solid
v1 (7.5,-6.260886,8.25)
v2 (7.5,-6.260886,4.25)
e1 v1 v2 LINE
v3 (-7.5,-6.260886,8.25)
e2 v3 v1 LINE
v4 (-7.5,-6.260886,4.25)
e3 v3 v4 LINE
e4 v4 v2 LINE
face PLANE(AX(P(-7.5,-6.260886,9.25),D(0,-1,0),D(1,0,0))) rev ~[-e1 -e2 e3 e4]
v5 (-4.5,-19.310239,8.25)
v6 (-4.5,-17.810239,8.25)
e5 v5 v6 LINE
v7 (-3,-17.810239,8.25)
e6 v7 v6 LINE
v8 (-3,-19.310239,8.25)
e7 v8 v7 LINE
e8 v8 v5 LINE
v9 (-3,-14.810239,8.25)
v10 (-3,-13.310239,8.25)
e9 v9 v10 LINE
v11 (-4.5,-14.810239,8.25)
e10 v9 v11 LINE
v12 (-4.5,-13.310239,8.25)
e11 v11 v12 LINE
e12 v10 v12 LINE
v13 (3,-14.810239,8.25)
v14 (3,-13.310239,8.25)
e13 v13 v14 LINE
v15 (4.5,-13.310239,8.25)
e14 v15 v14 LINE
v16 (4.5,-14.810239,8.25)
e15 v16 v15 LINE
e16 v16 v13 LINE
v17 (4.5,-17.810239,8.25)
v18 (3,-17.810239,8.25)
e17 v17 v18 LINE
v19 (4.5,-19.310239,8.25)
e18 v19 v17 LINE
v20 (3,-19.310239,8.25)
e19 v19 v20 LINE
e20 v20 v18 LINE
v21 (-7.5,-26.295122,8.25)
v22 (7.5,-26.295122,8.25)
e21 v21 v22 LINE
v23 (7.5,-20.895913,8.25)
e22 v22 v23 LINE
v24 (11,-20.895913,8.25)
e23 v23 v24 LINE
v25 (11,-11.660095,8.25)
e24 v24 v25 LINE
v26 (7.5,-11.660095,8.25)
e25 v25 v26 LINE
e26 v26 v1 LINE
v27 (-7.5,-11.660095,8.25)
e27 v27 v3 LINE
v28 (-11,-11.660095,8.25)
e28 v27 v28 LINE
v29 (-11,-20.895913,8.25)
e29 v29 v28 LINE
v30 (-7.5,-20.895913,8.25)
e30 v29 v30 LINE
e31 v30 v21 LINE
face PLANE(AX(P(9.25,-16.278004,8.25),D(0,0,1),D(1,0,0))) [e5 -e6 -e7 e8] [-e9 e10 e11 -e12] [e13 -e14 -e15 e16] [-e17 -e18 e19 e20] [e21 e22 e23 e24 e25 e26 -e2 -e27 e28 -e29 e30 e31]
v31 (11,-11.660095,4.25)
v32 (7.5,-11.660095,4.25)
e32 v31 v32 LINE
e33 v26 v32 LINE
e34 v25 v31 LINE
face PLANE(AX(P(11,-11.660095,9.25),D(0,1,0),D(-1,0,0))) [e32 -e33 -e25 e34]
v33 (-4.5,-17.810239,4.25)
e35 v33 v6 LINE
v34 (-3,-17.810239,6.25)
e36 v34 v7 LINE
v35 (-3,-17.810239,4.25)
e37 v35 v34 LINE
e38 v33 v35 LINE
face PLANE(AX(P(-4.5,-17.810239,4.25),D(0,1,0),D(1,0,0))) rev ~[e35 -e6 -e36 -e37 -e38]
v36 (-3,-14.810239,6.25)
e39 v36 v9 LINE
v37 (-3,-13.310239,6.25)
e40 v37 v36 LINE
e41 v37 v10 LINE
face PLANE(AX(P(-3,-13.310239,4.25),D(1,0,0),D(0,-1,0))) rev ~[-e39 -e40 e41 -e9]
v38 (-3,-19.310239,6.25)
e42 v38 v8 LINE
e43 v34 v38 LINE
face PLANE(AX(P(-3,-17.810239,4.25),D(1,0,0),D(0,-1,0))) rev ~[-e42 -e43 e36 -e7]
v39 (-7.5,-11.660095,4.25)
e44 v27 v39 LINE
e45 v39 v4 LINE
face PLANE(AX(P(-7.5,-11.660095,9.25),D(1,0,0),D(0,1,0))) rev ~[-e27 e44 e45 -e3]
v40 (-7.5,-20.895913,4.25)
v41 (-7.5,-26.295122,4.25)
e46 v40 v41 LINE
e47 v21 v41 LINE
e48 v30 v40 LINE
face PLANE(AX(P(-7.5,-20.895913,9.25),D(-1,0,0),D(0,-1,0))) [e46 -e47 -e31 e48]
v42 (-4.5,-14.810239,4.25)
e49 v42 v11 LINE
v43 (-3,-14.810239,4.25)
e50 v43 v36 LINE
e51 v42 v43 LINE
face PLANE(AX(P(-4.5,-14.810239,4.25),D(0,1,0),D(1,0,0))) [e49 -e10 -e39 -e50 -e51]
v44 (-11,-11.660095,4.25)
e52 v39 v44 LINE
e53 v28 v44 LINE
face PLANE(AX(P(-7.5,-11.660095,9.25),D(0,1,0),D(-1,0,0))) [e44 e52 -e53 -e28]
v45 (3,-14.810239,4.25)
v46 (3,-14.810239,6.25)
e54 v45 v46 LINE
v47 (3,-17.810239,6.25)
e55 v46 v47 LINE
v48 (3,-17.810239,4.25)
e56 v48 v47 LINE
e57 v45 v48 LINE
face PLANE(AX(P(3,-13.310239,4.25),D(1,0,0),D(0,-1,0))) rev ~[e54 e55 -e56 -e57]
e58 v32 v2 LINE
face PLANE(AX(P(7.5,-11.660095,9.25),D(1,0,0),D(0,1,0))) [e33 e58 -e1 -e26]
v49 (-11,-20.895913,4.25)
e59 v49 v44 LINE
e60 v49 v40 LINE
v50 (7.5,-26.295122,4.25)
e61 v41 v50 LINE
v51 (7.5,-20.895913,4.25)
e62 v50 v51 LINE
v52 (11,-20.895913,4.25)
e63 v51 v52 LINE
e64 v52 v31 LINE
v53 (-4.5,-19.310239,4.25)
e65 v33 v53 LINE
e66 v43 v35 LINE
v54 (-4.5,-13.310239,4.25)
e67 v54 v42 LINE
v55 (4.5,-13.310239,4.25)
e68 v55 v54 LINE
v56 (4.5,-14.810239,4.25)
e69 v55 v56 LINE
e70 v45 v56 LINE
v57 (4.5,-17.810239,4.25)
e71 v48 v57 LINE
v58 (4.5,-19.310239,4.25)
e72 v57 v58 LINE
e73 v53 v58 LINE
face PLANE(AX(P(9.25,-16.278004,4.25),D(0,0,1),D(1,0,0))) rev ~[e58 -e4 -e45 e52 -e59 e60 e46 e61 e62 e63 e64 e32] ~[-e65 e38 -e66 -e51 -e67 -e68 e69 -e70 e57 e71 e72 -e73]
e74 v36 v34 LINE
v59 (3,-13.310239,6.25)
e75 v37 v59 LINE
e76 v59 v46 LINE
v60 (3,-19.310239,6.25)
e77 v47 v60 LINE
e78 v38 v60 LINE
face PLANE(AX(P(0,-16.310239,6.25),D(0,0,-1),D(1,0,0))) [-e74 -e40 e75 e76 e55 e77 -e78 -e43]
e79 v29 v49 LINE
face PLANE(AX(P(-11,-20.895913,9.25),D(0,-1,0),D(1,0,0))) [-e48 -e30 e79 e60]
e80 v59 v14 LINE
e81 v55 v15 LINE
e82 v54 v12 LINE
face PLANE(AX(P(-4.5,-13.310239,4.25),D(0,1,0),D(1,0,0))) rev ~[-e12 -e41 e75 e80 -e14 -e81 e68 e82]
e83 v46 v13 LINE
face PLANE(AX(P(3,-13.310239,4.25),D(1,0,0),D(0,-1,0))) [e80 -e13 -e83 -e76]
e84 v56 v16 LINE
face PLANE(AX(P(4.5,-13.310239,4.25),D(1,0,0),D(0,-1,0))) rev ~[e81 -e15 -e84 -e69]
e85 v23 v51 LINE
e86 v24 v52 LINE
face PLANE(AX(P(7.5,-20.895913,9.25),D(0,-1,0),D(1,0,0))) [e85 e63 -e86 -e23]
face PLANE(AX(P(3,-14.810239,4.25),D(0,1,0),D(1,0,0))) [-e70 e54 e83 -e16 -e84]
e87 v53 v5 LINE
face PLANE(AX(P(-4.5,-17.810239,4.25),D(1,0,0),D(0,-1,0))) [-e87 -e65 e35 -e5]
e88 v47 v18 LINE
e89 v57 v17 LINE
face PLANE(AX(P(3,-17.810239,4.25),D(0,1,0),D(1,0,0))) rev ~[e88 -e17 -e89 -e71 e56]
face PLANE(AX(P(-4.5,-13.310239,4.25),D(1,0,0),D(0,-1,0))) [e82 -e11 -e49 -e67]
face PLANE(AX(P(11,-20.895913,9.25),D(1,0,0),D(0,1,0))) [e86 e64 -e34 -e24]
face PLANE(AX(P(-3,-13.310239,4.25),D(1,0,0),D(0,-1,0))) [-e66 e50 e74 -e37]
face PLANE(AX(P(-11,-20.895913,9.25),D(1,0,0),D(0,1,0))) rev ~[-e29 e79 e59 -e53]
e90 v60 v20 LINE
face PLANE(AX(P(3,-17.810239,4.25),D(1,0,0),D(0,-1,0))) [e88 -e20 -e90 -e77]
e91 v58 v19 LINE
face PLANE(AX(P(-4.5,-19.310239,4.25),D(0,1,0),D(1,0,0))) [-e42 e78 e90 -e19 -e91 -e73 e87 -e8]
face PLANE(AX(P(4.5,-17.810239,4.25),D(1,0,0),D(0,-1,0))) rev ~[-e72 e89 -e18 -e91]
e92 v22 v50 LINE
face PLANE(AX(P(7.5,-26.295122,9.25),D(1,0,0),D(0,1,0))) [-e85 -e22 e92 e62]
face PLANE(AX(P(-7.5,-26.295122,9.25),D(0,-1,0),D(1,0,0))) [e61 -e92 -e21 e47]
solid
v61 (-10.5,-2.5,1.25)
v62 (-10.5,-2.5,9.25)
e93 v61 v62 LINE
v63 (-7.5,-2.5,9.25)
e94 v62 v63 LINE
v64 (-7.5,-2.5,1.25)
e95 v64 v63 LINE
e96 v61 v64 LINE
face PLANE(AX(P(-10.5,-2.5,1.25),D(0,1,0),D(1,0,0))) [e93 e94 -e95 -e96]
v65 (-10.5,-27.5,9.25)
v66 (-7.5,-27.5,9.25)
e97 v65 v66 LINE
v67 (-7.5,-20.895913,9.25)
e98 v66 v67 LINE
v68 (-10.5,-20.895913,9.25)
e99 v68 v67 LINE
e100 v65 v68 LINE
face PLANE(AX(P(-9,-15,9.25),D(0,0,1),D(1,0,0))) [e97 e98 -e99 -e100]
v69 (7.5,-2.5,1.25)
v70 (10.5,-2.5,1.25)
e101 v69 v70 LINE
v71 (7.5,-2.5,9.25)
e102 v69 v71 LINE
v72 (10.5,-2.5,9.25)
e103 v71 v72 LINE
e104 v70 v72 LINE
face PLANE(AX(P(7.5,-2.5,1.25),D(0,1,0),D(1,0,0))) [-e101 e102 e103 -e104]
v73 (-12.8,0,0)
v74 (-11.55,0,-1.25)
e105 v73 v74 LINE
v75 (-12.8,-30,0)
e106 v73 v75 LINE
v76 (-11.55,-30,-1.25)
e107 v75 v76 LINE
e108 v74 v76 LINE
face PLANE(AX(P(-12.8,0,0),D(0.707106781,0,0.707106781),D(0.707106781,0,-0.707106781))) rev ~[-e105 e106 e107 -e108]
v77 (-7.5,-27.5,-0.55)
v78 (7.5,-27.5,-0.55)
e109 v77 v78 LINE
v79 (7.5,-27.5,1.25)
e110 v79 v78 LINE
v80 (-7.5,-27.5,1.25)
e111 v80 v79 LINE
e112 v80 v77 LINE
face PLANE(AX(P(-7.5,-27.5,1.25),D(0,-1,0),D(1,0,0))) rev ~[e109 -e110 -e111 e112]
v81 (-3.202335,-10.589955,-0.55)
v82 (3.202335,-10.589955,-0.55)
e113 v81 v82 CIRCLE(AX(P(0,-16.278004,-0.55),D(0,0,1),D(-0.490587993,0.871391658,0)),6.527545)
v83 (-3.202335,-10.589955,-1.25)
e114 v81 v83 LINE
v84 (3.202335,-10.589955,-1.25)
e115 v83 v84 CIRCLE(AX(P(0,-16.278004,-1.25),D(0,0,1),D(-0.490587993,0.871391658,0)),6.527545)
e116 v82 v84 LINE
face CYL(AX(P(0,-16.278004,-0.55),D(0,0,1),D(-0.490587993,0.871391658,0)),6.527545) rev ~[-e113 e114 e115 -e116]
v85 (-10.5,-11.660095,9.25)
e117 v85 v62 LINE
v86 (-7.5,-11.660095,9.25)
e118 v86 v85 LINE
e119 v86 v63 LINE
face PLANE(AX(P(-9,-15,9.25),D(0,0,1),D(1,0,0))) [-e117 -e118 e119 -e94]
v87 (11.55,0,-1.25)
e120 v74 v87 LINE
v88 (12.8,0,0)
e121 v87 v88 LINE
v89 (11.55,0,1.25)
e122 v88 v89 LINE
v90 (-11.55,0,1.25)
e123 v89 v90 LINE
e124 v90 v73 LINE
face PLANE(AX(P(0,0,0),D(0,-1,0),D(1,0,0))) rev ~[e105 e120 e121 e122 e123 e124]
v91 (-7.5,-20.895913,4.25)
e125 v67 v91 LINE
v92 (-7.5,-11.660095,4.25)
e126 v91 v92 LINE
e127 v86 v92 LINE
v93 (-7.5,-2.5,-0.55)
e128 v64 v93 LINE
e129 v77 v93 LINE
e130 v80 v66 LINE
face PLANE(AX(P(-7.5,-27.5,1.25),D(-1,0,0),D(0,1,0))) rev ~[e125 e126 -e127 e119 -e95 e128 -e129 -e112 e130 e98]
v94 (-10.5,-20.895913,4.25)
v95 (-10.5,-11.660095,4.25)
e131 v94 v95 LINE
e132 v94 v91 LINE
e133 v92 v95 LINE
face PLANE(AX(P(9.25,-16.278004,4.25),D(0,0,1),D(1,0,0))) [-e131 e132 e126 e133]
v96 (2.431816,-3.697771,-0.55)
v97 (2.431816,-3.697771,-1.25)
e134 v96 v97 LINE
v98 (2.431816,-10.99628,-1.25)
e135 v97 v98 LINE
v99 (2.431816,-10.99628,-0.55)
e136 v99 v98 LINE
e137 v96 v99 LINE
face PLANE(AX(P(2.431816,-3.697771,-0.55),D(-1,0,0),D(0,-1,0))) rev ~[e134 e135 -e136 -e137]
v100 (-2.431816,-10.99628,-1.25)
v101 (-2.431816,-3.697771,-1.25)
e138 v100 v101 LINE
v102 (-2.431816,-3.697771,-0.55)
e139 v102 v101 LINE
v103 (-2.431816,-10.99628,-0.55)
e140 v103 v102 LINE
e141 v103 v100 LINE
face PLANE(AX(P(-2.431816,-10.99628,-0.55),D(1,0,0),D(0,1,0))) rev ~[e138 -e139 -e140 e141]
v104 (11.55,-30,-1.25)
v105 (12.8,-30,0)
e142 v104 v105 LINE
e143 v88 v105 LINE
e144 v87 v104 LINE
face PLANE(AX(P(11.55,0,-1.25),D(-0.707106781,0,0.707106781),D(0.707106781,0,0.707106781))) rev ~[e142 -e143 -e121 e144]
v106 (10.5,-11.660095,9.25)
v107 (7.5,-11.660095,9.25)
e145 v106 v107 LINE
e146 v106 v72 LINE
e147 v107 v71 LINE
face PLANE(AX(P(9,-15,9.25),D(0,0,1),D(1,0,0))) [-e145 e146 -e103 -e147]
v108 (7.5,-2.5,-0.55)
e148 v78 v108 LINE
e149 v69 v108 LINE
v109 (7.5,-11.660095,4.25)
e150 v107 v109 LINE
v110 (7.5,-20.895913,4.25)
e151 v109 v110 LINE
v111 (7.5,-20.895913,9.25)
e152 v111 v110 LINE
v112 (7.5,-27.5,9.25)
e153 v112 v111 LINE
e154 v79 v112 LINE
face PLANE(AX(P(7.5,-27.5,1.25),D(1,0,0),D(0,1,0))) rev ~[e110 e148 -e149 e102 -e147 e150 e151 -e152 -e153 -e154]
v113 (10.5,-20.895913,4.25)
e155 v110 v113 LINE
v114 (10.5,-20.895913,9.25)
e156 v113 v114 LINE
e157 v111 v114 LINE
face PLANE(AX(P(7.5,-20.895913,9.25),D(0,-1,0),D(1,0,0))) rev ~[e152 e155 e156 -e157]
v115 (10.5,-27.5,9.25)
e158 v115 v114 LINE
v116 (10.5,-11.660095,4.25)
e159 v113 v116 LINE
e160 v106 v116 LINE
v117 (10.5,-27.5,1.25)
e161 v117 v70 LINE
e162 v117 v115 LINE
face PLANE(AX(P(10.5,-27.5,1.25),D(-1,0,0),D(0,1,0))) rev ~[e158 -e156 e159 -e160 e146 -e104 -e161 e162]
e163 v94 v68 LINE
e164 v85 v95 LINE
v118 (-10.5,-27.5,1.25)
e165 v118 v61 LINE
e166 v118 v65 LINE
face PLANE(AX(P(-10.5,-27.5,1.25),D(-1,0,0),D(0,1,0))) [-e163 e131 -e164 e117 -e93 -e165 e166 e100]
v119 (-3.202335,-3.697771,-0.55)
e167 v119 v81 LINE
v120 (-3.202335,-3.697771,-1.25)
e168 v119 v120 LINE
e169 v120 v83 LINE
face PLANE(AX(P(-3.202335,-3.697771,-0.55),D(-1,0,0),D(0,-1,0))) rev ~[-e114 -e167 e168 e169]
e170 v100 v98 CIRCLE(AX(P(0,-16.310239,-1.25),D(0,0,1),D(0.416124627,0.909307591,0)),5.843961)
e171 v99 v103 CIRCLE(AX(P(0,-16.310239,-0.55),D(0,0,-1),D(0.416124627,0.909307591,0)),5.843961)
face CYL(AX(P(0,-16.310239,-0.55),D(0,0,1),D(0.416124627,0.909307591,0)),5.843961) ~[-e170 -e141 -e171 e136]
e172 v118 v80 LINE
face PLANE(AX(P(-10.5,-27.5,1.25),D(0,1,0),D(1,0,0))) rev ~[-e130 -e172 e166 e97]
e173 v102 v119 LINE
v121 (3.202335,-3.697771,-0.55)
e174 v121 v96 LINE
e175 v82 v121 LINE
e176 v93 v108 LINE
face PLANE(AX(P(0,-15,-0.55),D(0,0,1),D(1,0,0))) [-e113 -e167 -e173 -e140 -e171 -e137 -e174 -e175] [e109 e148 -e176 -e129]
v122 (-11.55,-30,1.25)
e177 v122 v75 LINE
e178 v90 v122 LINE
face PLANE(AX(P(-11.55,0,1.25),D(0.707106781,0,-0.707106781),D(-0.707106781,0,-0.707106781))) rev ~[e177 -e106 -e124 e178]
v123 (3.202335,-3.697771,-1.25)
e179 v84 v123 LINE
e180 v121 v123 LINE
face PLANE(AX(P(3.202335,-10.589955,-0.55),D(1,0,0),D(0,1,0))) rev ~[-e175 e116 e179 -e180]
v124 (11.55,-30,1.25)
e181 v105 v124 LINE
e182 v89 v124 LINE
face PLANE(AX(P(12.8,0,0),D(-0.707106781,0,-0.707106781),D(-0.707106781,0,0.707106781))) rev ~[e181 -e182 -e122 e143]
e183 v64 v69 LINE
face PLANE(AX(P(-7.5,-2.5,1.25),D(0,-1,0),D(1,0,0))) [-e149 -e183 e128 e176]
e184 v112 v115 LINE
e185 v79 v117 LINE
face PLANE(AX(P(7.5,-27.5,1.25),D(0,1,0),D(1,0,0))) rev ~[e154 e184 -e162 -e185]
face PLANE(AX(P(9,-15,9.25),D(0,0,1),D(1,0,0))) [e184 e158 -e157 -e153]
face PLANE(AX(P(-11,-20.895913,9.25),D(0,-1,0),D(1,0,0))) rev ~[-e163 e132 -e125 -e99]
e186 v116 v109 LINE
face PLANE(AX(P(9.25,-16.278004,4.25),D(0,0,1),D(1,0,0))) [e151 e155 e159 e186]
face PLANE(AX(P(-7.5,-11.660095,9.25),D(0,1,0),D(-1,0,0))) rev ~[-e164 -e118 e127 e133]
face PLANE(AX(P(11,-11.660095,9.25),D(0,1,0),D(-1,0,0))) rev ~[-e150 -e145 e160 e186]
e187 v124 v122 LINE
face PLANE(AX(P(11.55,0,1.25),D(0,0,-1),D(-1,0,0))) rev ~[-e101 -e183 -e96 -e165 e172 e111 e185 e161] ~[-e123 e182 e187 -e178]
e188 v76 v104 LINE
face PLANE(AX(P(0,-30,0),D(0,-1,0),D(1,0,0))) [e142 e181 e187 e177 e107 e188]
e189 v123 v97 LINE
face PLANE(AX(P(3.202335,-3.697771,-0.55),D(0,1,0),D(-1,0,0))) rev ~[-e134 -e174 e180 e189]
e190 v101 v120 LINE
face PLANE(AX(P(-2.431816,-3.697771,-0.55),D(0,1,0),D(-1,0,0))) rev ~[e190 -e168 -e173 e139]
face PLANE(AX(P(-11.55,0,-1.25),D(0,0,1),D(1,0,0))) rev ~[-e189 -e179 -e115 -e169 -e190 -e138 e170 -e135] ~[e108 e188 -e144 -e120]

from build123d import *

# Parameters (mm, degrees)
F1_DEPTH  = 30
F2_W      = 15
F2_H      = 25
F3_DEPTH  = 1.8
F5_DEPTH  = 25
F6_W      = 3
F6_H      = 25
F7_DEPTH  = 8
F8_W      = 3.5
F8_H      = 9.235818446
F8_W_2    = 15
F8_H_2    = 5.3992085159
F9_DEPTH  = 5
F10_DEPTH = 5
F11_DEPTH = 1
F12_W     = 1.5
F12_H     = 1.5
F13_DEPTH = 25
F14_W     = 6
F14_H     = 6
F15_DEPTH = 2


with BuildPart() as f1:
    # F0 (on Front) → F1 (new body)
    with BuildSketch(Plane.XZ):
        Polygon((11.55, 1.25), (-11.55, 1.25), (-12.8, 0), (-11.55, -1.25), (11.55, -1.25), (12.8, 0), align=None)
    extrude(amount=F1_DEPTH)

    # F2 (on face) → F3 (cut)
    with BuildSketch(Plane.XY.offset(1.25)):
        with Locations((0, -15)):
            Rectangle(F2_W, F2_H)
    extrude(amount=-F3_DEPTH, mode=Mode.SUBTRACT)

    # F4 (on face) → F5 (cut)
    with BuildSketch(Plane.XY.offset(-0.55)):
        with BuildLine():
            Line((-3.2023354433, -3.6977706477), (-3.2023354433, -10.5899553333))
            ThreePointArc((-3.2023354433, -10.5899553333), (0, -22.8055495128), (3.2023354433, -10.5899553333))
            Line((3.2023354433, -10.5899553333), (3.2023354433, -3.6977706477))
            Line((3.2023354433, -3.6977706477), (2.4318161886, -3.6977706477))
            Line((2.4318161886, -3.6977706477), (2.4318161886, -10.996280238))
            ThreePointArc((2.4318161886, -10.996280238), (0, -22.1541997733), (-2.4318161886, -10.996280238))
            Line((-2.4318161886, -10.996280238), (-2.4318161886, -3.6977706477))
            Line((-2.4318161886, -3.6977706477), (-3.2023354433, -3.6977706477))
        make_face()
    extrude(amount=-F5_DEPTH, mode=Mode.SUBTRACT)

    # F6 (on face) → F7 (join)
    with BuildSketch(Plane.XY.offset(1.25)):
        with Locations((-9, -15)):
            Rectangle(F6_W, F6_H)
        with Locations((9, -15)):
            Rectangle(F6_W, F6_H)
    extrude(amount=F7_DEPTH)

    # F8 (on face) → F9 (cut)
    with BuildSketch(Plane.XY.offset(9.25)):
        with Locations((9.25, -16.2780040203)):
            Rectangle(F8_W, F8_H)
        with Locations((0, -23.5955175012)):
            Rectangle(F8_W_2, F8_H_2)
        with Locations((0, -16.2780040203)):
            Rectangle(F8_W_2, F8_H)
        with Locations((-9.25, -16.2780040203)):
            Rectangle(F8_W, F8_H)
        with Locations((0, -8.9604905394)):
            Rectangle(F8_W_2, F8_H_2)
    extrude(amount=-F9_DEPTH, mode=Mode.SUBTRACT)


with BuildPart() as f10:
    # F8 (on face) → F10 (new body)
    with BuildSketch(Plane.XY.offset(9.25)):
        with Locations((9.25, -16.2780040203)):
            Rectangle(F8_W, F8_H)
        with Locations((0, -23.5955175012)):
            Rectangle(F8_W_2, F8_H_2)
        with Locations((0, -16.2780040203)):
            Rectangle(F8_W_2, F8_H)
        with Locations((-9.25, -16.2780040203)):
            Rectangle(F8_W, F8_H)
        with Locations((0, -8.9604905394)):
            Rectangle(F8_W_2, F8_H_2)
    extrude(amount=-F10_DEPTH)

    # F8 (on face) → F11 (cut)
    with BuildSketch(Plane.XY.offset(9.25)):
        with Locations((9.25, -16.2780040203)):
            Rectangle(F8_W, F8_H)
        with Locations((0, -23.5955175012)):
            Rectangle(F8_W_2, F8_H_2)
        with Locations((0, -16.2780040203)):
            Rectangle(F8_W_2, F8_H)
        with Locations((-9.25, -16.2780040203)):
            Rectangle(F8_W, F8_H)
        with Locations((0, -8.9604905394)):
            Rectangle(F8_W_2, F8_H_2)
    extrude(amount=-F11_DEPTH, mode=Mode.SUBTRACT)

    # F12 (on face) → F13 (cut)
    with BuildSketch(Plane(origin=(0, 0, 4.25), x_dir=(1, 0, 0), z_dir=(0, 0, -1))):
        with Locations((-3.75, 18.5602385438)):
            Rectangle(F12_W, F12_H)
        with Locations((3.75, 18.5602385438)):
            Rectangle(F12_W, F12_H)
        with Locations((3.75, 14.0602385438)):
            Rectangle(F12_W, F12_H)
        with Locations((-3.75, 14.0602385438)):
            Rectangle(F12_W, F12_H)
    extrude(amount=-F13_DEPTH, mode=Mode.SUBTRACT)

    # F14 (on face) → F15 (cut)
    with BuildSketch(Plane(origin=(0, 0, 4.25), x_dir=(1, 0, 0), z_dir=(0, 0, -1))):
        with Locations((0, 16.3102385438)):
            Rectangle(F14_W, F14_H)
    extrude(amount=-F15_DEPTH, mode=Mode.SUBTRACT)


solid = Compound([f1.part, f10.part])
